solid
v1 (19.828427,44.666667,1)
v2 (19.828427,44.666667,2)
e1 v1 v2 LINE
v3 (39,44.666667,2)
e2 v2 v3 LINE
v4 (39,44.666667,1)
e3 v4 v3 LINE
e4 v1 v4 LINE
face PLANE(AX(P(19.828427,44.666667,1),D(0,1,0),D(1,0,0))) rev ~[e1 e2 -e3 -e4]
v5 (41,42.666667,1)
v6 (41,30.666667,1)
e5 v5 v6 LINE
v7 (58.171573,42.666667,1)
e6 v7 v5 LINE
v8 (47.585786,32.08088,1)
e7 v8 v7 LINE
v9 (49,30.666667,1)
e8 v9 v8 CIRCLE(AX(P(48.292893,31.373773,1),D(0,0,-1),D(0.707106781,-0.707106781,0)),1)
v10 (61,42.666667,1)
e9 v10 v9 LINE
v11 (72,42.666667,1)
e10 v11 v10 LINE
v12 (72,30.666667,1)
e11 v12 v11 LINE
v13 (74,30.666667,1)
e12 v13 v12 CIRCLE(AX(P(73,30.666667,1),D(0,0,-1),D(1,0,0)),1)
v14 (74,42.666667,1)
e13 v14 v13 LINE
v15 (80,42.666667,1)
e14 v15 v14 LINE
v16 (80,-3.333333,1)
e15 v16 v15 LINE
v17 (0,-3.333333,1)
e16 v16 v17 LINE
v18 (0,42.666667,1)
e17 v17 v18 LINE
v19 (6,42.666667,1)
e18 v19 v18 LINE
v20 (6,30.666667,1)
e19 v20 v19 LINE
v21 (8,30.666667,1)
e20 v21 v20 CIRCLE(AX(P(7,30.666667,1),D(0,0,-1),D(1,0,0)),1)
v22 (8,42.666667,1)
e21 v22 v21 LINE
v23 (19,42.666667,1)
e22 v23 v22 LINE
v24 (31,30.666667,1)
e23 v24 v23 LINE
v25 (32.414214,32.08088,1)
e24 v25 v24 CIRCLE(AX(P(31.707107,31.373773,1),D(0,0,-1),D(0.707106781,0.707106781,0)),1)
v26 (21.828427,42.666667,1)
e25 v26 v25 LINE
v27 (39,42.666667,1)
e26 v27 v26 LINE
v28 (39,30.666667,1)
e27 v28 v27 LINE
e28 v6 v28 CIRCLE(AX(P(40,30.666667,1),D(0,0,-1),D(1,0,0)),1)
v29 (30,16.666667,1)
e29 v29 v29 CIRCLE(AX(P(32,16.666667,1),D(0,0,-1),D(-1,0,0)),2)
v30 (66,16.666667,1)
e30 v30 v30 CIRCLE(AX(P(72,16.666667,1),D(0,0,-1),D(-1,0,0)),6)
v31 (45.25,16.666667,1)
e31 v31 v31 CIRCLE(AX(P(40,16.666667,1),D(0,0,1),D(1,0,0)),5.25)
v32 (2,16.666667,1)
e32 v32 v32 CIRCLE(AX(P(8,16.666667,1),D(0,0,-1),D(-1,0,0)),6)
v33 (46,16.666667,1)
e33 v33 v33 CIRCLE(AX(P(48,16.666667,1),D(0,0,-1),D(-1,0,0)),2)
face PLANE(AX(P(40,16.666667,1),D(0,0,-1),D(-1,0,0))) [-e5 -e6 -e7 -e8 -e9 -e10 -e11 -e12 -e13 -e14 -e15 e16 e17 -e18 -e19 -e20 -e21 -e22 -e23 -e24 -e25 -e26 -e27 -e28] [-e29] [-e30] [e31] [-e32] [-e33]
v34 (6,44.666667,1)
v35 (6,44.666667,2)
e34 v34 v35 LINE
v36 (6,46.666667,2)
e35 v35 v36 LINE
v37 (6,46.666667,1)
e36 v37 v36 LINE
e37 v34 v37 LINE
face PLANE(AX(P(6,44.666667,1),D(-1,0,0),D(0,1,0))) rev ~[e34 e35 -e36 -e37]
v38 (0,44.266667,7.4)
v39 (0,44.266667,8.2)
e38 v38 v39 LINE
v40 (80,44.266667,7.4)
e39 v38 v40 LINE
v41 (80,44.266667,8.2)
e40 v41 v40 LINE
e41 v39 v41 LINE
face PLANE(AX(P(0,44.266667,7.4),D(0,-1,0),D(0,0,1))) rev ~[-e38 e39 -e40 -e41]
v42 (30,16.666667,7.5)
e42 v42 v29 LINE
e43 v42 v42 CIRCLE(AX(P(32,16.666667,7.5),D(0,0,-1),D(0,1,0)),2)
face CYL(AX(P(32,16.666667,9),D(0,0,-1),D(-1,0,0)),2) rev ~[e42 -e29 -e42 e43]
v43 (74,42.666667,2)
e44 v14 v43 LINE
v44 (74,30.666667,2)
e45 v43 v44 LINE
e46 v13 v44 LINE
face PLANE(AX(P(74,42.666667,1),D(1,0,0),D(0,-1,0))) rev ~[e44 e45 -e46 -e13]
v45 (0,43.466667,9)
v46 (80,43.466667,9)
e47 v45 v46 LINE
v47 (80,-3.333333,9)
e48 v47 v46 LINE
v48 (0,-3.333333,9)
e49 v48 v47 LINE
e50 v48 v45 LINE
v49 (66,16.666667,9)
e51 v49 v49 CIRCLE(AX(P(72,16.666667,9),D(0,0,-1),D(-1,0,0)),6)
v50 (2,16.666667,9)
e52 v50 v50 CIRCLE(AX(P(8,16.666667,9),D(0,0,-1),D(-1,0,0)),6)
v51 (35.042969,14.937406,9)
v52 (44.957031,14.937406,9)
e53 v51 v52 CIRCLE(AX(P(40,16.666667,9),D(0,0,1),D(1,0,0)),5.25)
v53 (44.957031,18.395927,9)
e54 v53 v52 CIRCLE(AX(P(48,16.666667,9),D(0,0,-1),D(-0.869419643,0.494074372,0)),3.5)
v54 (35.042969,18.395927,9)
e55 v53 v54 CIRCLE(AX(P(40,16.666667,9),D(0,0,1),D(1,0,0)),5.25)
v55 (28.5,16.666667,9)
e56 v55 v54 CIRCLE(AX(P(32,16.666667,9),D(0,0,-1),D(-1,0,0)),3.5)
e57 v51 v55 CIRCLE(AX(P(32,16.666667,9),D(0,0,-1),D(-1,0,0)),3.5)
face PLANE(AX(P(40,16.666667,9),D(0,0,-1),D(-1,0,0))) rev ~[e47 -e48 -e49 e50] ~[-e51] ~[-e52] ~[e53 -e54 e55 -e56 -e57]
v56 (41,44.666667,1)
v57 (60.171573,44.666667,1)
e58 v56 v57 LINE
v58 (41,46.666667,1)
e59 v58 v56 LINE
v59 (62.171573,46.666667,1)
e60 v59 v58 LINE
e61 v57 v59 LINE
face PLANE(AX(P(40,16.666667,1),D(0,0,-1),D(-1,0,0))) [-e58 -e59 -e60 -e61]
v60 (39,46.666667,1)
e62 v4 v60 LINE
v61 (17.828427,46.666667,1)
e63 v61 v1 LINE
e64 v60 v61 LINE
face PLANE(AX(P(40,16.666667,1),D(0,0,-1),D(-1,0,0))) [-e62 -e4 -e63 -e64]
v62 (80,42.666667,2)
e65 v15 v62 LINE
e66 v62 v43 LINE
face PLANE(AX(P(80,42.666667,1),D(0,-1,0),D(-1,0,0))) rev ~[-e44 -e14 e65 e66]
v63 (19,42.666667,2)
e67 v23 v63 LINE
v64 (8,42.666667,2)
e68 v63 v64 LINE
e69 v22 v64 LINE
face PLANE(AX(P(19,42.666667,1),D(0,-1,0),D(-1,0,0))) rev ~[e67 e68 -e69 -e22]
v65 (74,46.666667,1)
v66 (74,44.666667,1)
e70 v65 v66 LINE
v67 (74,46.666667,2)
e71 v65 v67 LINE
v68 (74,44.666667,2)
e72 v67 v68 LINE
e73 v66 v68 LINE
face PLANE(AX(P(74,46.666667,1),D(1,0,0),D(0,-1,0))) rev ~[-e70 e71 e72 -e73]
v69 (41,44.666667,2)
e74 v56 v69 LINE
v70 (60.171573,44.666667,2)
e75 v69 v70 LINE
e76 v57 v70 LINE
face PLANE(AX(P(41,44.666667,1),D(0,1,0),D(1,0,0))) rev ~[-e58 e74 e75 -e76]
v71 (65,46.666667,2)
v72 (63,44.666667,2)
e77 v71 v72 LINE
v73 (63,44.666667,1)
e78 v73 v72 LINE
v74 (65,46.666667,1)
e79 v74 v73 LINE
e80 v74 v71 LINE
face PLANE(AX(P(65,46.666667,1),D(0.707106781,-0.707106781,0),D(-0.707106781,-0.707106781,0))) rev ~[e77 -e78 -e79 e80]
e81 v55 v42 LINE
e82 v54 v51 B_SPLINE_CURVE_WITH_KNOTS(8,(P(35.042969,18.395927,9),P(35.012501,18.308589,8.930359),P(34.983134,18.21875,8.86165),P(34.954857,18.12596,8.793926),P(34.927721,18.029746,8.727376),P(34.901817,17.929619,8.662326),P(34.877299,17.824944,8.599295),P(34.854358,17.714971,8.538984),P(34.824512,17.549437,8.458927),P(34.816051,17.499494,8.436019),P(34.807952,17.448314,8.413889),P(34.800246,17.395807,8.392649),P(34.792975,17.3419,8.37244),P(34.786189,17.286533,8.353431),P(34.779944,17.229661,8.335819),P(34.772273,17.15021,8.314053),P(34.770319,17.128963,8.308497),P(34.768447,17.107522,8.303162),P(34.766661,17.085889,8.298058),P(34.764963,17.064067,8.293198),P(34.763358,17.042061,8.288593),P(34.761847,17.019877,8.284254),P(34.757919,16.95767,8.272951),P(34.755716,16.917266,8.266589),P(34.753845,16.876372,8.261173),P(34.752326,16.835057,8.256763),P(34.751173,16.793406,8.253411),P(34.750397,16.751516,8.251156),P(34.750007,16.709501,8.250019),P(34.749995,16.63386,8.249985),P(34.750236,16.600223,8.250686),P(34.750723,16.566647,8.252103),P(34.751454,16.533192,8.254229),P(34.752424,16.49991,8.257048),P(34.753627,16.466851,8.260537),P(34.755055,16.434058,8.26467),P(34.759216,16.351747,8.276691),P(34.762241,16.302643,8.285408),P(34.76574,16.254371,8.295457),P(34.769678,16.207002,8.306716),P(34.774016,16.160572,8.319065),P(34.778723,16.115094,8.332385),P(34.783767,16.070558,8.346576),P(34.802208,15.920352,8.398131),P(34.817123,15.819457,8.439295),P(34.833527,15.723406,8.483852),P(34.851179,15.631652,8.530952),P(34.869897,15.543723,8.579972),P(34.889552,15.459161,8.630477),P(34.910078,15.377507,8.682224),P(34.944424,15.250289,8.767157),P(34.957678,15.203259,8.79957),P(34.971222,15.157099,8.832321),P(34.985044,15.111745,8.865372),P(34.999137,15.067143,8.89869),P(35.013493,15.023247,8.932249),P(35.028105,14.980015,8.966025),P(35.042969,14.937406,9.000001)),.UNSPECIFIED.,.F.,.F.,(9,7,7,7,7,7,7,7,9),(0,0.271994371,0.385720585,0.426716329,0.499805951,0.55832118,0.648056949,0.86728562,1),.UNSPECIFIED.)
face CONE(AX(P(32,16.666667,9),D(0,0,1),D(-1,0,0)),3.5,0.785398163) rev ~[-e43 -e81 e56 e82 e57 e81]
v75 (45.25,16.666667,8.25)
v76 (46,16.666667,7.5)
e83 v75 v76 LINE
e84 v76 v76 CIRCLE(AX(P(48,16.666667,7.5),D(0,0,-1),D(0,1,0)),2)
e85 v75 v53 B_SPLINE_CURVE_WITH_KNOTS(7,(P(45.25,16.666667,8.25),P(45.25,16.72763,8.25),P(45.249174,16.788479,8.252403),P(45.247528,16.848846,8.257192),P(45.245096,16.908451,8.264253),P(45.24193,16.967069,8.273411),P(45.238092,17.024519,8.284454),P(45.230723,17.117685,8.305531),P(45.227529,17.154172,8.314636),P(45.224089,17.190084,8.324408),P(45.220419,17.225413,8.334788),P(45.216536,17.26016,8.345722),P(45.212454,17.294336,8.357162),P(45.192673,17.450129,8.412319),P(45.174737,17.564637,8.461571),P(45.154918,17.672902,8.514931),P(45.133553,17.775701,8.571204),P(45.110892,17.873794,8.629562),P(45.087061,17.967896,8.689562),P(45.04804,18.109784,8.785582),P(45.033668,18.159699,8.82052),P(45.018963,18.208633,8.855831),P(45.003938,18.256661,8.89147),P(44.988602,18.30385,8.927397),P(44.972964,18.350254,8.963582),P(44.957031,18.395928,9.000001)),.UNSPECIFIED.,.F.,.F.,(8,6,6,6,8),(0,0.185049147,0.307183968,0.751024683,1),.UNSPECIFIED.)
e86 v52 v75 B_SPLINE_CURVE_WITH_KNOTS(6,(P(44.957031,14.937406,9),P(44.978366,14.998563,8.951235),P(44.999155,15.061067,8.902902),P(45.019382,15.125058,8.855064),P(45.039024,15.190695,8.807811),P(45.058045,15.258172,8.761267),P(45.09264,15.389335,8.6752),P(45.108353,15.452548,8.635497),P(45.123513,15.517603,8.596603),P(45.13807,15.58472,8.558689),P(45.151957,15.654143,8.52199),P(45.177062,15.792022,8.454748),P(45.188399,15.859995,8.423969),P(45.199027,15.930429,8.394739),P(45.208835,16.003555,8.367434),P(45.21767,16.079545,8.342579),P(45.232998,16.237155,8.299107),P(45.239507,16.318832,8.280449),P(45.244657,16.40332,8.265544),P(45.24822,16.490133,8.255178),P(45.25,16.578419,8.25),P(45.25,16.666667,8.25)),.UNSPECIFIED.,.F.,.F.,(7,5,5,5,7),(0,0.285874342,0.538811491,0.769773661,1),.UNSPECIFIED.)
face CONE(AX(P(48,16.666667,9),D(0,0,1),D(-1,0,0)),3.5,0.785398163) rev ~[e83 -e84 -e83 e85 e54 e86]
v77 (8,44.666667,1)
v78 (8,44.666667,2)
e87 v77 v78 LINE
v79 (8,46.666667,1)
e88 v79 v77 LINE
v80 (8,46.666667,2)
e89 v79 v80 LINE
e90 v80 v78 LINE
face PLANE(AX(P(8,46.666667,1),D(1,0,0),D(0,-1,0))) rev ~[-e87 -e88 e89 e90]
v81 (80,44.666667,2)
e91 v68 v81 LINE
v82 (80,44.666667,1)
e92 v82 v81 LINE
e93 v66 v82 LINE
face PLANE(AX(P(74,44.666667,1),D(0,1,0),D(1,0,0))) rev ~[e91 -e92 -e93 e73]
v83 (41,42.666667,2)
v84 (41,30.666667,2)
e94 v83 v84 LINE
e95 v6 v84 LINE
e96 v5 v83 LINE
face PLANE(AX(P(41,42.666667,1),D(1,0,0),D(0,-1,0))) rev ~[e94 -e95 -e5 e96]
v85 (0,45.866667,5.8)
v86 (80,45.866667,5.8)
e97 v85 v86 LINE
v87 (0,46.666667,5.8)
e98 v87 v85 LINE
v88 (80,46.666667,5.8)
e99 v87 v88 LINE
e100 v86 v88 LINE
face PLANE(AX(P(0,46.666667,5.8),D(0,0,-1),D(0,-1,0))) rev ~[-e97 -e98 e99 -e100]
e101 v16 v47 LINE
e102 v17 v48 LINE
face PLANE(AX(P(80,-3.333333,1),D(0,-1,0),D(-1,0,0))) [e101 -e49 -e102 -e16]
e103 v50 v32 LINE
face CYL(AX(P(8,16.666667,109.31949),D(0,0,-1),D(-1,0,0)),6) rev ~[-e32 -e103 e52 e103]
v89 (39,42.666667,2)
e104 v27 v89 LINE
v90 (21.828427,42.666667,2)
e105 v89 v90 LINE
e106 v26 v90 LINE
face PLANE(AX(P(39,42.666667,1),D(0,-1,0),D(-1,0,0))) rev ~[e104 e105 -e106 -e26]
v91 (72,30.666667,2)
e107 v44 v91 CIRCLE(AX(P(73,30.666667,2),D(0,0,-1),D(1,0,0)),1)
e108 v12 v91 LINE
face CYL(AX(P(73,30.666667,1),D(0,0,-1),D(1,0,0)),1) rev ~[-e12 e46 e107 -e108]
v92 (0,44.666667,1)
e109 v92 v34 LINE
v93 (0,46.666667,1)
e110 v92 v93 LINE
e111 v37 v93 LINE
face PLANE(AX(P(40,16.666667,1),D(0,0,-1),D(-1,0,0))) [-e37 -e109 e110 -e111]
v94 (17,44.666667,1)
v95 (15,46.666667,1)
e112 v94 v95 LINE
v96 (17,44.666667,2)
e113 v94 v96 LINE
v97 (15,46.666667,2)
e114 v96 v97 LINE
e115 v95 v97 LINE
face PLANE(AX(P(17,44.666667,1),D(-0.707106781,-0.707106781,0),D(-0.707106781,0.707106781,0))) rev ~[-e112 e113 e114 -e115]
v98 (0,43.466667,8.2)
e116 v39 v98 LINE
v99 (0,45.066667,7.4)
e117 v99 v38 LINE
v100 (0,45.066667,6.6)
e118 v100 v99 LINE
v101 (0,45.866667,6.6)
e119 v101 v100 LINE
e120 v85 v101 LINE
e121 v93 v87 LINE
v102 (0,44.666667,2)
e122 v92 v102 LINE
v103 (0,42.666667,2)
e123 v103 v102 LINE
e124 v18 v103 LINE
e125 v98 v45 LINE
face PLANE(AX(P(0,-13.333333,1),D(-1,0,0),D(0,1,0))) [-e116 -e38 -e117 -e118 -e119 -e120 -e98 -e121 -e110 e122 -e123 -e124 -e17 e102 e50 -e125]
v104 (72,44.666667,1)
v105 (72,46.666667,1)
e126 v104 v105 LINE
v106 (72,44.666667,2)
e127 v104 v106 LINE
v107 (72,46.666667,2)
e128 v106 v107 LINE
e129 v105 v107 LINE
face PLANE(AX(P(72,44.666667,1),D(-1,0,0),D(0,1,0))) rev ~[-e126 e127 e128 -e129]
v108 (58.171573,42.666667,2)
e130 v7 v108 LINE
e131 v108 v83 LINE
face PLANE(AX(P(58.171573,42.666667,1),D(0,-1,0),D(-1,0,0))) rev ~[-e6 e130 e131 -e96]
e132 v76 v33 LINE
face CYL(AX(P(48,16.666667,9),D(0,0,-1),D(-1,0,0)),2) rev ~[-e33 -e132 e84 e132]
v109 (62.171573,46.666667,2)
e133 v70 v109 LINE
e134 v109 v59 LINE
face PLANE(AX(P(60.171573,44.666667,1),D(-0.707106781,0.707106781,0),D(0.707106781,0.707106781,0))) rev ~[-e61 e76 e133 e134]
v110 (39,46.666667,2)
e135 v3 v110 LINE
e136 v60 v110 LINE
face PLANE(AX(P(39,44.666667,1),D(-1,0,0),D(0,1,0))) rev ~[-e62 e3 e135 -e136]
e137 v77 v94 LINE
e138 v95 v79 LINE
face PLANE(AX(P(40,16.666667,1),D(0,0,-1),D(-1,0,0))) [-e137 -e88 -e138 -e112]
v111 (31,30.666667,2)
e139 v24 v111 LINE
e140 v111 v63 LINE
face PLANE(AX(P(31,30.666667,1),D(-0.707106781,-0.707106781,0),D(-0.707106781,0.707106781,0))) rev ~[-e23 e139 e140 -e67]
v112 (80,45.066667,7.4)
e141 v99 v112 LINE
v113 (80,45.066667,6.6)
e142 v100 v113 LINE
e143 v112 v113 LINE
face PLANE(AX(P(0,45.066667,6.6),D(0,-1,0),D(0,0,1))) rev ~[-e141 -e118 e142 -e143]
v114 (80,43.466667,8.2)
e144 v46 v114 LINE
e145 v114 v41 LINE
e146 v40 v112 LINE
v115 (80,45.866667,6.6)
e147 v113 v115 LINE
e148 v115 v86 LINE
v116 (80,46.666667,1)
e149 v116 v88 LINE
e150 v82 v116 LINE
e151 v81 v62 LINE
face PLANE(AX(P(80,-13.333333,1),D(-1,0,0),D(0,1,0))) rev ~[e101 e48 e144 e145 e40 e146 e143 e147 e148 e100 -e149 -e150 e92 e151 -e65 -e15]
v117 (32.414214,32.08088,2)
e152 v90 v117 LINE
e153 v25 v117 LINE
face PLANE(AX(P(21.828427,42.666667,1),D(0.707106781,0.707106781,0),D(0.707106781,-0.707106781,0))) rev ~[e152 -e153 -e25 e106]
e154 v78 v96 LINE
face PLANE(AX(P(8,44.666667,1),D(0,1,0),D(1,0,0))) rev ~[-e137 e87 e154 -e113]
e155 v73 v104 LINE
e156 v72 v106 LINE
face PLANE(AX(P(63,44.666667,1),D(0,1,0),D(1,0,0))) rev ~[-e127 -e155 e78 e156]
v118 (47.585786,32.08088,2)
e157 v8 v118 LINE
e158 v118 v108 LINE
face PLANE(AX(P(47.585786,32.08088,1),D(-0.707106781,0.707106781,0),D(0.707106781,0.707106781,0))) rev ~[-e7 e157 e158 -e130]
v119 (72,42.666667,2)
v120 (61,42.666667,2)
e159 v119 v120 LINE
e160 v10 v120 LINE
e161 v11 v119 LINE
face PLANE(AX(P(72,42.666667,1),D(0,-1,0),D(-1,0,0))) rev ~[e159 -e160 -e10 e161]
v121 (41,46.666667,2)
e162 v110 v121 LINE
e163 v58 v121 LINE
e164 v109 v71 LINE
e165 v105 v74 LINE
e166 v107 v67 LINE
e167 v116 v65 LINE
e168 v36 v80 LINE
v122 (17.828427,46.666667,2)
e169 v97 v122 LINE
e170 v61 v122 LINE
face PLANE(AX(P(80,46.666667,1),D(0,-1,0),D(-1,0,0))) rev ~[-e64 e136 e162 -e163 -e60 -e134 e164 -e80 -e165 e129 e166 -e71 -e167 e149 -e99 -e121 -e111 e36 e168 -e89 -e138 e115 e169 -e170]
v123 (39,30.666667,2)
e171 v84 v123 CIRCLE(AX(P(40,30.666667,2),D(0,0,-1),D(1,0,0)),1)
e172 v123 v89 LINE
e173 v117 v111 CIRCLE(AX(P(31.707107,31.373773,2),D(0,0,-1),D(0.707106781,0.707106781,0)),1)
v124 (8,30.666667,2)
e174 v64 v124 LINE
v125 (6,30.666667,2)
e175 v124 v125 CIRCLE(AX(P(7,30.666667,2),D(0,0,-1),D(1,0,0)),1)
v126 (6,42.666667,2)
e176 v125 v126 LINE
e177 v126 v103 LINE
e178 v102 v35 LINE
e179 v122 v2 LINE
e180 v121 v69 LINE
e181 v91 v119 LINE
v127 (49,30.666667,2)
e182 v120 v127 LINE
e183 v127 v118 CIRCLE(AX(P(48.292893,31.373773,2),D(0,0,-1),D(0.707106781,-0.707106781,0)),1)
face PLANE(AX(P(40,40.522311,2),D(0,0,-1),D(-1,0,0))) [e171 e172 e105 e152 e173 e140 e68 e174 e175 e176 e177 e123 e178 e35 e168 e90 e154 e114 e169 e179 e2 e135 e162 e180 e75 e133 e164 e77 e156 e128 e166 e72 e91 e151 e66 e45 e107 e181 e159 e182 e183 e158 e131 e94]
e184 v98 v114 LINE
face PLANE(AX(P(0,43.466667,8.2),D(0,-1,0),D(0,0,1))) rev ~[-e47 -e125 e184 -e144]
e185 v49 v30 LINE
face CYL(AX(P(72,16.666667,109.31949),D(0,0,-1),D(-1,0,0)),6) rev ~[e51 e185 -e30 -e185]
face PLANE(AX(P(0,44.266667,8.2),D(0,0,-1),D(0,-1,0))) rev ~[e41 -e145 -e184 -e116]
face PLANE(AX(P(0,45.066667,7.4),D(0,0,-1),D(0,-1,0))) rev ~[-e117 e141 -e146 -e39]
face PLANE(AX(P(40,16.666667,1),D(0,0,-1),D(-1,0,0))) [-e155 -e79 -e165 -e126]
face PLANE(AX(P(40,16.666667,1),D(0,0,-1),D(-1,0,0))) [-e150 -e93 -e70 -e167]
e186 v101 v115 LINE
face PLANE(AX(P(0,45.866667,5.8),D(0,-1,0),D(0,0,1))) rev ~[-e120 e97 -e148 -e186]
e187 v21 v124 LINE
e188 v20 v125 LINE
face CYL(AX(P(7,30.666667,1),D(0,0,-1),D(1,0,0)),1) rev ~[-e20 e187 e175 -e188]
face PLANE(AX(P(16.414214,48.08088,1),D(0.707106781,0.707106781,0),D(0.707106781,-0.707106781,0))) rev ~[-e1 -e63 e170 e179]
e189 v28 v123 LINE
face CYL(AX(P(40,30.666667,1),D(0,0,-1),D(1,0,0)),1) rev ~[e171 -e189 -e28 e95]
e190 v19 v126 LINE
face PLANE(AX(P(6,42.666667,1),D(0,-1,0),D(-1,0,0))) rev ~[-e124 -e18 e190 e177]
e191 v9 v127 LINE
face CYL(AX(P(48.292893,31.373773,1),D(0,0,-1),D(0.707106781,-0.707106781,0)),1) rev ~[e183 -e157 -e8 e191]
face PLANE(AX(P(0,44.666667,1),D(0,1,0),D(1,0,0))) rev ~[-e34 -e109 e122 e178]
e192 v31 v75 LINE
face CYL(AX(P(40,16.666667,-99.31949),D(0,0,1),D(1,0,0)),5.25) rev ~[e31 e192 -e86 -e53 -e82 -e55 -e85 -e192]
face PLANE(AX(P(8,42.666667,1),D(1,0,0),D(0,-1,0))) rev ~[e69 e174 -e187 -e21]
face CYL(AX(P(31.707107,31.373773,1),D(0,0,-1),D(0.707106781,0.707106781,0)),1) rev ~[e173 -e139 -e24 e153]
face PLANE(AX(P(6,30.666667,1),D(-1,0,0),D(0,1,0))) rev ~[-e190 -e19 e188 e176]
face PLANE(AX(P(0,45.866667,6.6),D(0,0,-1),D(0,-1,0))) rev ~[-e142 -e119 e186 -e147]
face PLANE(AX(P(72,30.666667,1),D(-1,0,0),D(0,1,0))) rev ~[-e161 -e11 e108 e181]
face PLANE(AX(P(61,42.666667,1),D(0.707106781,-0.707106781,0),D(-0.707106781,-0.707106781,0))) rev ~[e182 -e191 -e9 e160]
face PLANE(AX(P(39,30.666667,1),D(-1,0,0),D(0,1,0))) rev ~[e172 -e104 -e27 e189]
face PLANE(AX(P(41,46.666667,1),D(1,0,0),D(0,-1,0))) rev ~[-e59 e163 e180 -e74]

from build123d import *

# Parameters (mm, degrees)
SKETCH_1_W                     = 80
SKETCH_1_H                     = 60
EXTRUDE_1_DEPTH                = 8
HOLE_WIZARD_12_0_12_1_D        = 12
HOLE_WIZARD_10_5_10_5_1_D      = 10.5
HOLE_WIZARD_M3_5_1_D           = 4
HOLE_WIZARD_M3_5_1_CSINK_D     = 7
HOLE_WIZARD_M3_5_1_CSINK_ANGLE = 90
CUT_EXTRUDE_1_DEPTH            = 1
CUT_EXTRUDE_2_REACH            = 95.053
CUT_EXTRUDE_3_REACH            = 94.961
SKETCH_29_W                    = 80
SKETCH_29_H                    = 10


with BuildPart() as part:
    # 草图1 → 凸台-拉伸1 (new body)
    with BuildSketch(Plane(origin=(0, 0, 1), x_dir=(-1, 0, 0), z_dir=(0, 0, -1))):
        with Locations((-40, 16.666666667)):
            Rectangle(SKETCH_1_W, SKETCH_1_H)
    extrude(amount=-EXTRUDE_1_DEPTH)

    # Ø12.0 (12) 直径孔1 (through all)
    with Locations(Plane.XY.offset(9)):
        with Locations((72, 16.666666667), (8, 16.666666667)):
            Hole(HOLE_WIZARD_12_0_12_1_D / 2)

    # Ø10.5 (10.5) 直径孔1 (through all)
    with Locations(Plane(origin=(0, 0, 1), x_dir=(-1, 0, 0), z_dir=(0, 0, -1))):
        with Locations((-40, 16.666666667)):
            Hole(HOLE_WIZARD_10_5_10_5_1_D / 2)

    # M3.5 平头机械螺钉的锥形沉头孔1 (through all)
    with Locations(Plane.XY.offset(9)):
        with Locations((32, 16.666666667), (48, 16.666666667)):
            CounterSinkHole(HOLE_WIZARD_M3_5_1_D / 2, HOLE_WIZARD_M3_5_1_CSINK_D / 2, counter_sink_angle=HOLE_WIZARD_M3_5_1_CSINK_ANGLE)

    # 草图27 → 切除-拉伸1 (cut)
    with BuildSketch(Plane(origin=(0, 0, 1), x_dir=(-1, 0, 0), z_dir=(0, 0, -1))):
        with BuildLine():
            ThreePointArc((-41, 30.666666667), (-40, 29.666666667), (-39, 30.666666667))
            Line((-39, 30.666666667), (-39, 42.666666667))
            Line((-39, 42.666666667), (-21.828427125, 42.666666667))
            Line((-21.828427125, 42.666666667), (-32.414213562, 32.080880229))
            ThreePointArc((-32.414213562, 32.080880229), (-32.414213562, 30.666666667), (-31, 30.666666667))
            Line((-31, 30.666666667), (-19, 42.666666667))
            Line((-19, 42.666666667), (-8, 42.666666667))
            Line((-8, 42.666666667), (-8, 30.666666667))
            ThreePointArc((-8, 30.666666667), (-7, 29.666666667), (-6, 30.666666667))
            Line((-6, 30.666666667), (-6, 42.666666667))
            Line((-6, 42.666666667), (0, 42.666666667))
            Line((0, 42.666666667), (0, 44.666666667))
            Line((0, 44.666666667), (-6, 44.666666667))
            Line((-6, 44.666666667), (-6, 46.666666667))
            Line((-6, 46.666666667), (-8, 46.666666667))
            Line((-8, 46.666666667), (-8, 44.666666667))
            Line((-8, 44.666666667), (-17, 44.666666667))
            Line((-17, 44.666666667), (-15, 46.666666667))
            Line((-15, 46.666666667), (-16.414213562, 48.080880229))
            Line((-16.414213562, 48.080880229), (-19.828427125, 44.666666667))
            Line((-19.828427125, 44.666666667), (-39, 44.666666667))
            Line((-39, 44.666666667), (-39, 46.666666667))
            Line((-39, 46.666666667), (-41, 46.666666667))
            Line((-41, 46.666666667), (-41, 44.666666667))
            Line((-41, 44.666666667), (-60.171572875, 44.666666667))
            Line((-60.171572875, 44.666666667), (-63.585786438, 48.080880229))
            Line((-63.585786438, 48.080880229), (-65, 46.666666667))
            Line((-65, 46.666666667), (-63, 44.666666667))
            Line((-63, 44.666666667), (-72, 44.666666667))
            Line((-72, 44.666666667), (-72, 46.666666667))
            Line((-72, 46.666666667), (-74, 46.666666667))
            Line((-74, 46.666666667), (-74, 44.666666667))
            Line((-74, 44.666666667), (-80, 44.666666667))
            Line((-80, 44.666666667), (-80, 42.666666667))
            Line((-80, 42.666666667), (-74, 42.666666667))
            Line((-74, 42.666666667), (-74, 30.666666667))
            ThreePointArc((-74, 30.666666667), (-73, 29.666666667), (-72, 30.666666667))
            Line((-72, 30.666666667), (-72, 42.666666667))
            Line((-72, 42.666666667), (-61, 42.666666667))
            Line((-61, 42.666666667), (-49, 30.666666667))
            ThreePointArc((-49, 30.666666667), (-47.585786438, 30.666666667), (-47.585786438, 32.080880229))
            Line((-47.585786438, 32.080880229), (-58.171572875, 42.666666667))
            Line((-58.171572875, 42.666666667), (-41, 42.666666667))
            Line((-41, 42.666666667), (-41, 30.666666667))
        make_face()
    extrude(amount=-CUT_EXTRUDE_1_DEPTH, mode=Mode.SUBTRACT)

    # 草图28 → 切除-拉伸2 (cut, up to next)
    with BuildSketch(Plane.ZY, mode=Mode.PRIVATE) as cut_extrude_2_sk1:
        Polygon((9, 46.666666667), (5.8, 46.666666667), (5.8, 45.866666667), (6.6, 45.866666667), (6.6, 45.066666667), (7.4, 45.066666667), (7.4, 44.266666667), (8.2, 44.266666667), (8.2, 43.466666667), (9, 43.466666667), align=None)
    cut_extrude_2_tool1 = extrude(cut_extrude_2_sk1.sketch, amount=-CUT_EXTRUDE_2_REACH, mode=Mode.PRIVATE) & part.part
    add(cut_extrude_2_tool1.solids().sort_by_distance((0, 45.466667, 7.8))[0], mode=Mode.SUBTRACT)

    # 草图29 → 切除-拉伸3 (cut, up to next)
    with BuildSketch(Plane(origin=(0, 0, 1), x_dir=(-1, 0, 0), z_dir=(0, 0, -1)), mode=Mode.PRIVATE) as cut_extrude_3_sk1:
        with Locations((-40, -8.333333333)):
            Rectangle(SKETCH_29_W, SKETCH_29_H)
    cut_extrude_3_tool1 = extrude(cut_extrude_3_sk1.sketch, amount=-CUT_EXTRUDE_3_REACH, mode=Mode.PRIVATE) & part.part
    add(cut_extrude_3_tool1.solids().sort_by_distance((40, -8.333333, 1))[0], mode=Mode.SUBTRACT)


solid = part.part
